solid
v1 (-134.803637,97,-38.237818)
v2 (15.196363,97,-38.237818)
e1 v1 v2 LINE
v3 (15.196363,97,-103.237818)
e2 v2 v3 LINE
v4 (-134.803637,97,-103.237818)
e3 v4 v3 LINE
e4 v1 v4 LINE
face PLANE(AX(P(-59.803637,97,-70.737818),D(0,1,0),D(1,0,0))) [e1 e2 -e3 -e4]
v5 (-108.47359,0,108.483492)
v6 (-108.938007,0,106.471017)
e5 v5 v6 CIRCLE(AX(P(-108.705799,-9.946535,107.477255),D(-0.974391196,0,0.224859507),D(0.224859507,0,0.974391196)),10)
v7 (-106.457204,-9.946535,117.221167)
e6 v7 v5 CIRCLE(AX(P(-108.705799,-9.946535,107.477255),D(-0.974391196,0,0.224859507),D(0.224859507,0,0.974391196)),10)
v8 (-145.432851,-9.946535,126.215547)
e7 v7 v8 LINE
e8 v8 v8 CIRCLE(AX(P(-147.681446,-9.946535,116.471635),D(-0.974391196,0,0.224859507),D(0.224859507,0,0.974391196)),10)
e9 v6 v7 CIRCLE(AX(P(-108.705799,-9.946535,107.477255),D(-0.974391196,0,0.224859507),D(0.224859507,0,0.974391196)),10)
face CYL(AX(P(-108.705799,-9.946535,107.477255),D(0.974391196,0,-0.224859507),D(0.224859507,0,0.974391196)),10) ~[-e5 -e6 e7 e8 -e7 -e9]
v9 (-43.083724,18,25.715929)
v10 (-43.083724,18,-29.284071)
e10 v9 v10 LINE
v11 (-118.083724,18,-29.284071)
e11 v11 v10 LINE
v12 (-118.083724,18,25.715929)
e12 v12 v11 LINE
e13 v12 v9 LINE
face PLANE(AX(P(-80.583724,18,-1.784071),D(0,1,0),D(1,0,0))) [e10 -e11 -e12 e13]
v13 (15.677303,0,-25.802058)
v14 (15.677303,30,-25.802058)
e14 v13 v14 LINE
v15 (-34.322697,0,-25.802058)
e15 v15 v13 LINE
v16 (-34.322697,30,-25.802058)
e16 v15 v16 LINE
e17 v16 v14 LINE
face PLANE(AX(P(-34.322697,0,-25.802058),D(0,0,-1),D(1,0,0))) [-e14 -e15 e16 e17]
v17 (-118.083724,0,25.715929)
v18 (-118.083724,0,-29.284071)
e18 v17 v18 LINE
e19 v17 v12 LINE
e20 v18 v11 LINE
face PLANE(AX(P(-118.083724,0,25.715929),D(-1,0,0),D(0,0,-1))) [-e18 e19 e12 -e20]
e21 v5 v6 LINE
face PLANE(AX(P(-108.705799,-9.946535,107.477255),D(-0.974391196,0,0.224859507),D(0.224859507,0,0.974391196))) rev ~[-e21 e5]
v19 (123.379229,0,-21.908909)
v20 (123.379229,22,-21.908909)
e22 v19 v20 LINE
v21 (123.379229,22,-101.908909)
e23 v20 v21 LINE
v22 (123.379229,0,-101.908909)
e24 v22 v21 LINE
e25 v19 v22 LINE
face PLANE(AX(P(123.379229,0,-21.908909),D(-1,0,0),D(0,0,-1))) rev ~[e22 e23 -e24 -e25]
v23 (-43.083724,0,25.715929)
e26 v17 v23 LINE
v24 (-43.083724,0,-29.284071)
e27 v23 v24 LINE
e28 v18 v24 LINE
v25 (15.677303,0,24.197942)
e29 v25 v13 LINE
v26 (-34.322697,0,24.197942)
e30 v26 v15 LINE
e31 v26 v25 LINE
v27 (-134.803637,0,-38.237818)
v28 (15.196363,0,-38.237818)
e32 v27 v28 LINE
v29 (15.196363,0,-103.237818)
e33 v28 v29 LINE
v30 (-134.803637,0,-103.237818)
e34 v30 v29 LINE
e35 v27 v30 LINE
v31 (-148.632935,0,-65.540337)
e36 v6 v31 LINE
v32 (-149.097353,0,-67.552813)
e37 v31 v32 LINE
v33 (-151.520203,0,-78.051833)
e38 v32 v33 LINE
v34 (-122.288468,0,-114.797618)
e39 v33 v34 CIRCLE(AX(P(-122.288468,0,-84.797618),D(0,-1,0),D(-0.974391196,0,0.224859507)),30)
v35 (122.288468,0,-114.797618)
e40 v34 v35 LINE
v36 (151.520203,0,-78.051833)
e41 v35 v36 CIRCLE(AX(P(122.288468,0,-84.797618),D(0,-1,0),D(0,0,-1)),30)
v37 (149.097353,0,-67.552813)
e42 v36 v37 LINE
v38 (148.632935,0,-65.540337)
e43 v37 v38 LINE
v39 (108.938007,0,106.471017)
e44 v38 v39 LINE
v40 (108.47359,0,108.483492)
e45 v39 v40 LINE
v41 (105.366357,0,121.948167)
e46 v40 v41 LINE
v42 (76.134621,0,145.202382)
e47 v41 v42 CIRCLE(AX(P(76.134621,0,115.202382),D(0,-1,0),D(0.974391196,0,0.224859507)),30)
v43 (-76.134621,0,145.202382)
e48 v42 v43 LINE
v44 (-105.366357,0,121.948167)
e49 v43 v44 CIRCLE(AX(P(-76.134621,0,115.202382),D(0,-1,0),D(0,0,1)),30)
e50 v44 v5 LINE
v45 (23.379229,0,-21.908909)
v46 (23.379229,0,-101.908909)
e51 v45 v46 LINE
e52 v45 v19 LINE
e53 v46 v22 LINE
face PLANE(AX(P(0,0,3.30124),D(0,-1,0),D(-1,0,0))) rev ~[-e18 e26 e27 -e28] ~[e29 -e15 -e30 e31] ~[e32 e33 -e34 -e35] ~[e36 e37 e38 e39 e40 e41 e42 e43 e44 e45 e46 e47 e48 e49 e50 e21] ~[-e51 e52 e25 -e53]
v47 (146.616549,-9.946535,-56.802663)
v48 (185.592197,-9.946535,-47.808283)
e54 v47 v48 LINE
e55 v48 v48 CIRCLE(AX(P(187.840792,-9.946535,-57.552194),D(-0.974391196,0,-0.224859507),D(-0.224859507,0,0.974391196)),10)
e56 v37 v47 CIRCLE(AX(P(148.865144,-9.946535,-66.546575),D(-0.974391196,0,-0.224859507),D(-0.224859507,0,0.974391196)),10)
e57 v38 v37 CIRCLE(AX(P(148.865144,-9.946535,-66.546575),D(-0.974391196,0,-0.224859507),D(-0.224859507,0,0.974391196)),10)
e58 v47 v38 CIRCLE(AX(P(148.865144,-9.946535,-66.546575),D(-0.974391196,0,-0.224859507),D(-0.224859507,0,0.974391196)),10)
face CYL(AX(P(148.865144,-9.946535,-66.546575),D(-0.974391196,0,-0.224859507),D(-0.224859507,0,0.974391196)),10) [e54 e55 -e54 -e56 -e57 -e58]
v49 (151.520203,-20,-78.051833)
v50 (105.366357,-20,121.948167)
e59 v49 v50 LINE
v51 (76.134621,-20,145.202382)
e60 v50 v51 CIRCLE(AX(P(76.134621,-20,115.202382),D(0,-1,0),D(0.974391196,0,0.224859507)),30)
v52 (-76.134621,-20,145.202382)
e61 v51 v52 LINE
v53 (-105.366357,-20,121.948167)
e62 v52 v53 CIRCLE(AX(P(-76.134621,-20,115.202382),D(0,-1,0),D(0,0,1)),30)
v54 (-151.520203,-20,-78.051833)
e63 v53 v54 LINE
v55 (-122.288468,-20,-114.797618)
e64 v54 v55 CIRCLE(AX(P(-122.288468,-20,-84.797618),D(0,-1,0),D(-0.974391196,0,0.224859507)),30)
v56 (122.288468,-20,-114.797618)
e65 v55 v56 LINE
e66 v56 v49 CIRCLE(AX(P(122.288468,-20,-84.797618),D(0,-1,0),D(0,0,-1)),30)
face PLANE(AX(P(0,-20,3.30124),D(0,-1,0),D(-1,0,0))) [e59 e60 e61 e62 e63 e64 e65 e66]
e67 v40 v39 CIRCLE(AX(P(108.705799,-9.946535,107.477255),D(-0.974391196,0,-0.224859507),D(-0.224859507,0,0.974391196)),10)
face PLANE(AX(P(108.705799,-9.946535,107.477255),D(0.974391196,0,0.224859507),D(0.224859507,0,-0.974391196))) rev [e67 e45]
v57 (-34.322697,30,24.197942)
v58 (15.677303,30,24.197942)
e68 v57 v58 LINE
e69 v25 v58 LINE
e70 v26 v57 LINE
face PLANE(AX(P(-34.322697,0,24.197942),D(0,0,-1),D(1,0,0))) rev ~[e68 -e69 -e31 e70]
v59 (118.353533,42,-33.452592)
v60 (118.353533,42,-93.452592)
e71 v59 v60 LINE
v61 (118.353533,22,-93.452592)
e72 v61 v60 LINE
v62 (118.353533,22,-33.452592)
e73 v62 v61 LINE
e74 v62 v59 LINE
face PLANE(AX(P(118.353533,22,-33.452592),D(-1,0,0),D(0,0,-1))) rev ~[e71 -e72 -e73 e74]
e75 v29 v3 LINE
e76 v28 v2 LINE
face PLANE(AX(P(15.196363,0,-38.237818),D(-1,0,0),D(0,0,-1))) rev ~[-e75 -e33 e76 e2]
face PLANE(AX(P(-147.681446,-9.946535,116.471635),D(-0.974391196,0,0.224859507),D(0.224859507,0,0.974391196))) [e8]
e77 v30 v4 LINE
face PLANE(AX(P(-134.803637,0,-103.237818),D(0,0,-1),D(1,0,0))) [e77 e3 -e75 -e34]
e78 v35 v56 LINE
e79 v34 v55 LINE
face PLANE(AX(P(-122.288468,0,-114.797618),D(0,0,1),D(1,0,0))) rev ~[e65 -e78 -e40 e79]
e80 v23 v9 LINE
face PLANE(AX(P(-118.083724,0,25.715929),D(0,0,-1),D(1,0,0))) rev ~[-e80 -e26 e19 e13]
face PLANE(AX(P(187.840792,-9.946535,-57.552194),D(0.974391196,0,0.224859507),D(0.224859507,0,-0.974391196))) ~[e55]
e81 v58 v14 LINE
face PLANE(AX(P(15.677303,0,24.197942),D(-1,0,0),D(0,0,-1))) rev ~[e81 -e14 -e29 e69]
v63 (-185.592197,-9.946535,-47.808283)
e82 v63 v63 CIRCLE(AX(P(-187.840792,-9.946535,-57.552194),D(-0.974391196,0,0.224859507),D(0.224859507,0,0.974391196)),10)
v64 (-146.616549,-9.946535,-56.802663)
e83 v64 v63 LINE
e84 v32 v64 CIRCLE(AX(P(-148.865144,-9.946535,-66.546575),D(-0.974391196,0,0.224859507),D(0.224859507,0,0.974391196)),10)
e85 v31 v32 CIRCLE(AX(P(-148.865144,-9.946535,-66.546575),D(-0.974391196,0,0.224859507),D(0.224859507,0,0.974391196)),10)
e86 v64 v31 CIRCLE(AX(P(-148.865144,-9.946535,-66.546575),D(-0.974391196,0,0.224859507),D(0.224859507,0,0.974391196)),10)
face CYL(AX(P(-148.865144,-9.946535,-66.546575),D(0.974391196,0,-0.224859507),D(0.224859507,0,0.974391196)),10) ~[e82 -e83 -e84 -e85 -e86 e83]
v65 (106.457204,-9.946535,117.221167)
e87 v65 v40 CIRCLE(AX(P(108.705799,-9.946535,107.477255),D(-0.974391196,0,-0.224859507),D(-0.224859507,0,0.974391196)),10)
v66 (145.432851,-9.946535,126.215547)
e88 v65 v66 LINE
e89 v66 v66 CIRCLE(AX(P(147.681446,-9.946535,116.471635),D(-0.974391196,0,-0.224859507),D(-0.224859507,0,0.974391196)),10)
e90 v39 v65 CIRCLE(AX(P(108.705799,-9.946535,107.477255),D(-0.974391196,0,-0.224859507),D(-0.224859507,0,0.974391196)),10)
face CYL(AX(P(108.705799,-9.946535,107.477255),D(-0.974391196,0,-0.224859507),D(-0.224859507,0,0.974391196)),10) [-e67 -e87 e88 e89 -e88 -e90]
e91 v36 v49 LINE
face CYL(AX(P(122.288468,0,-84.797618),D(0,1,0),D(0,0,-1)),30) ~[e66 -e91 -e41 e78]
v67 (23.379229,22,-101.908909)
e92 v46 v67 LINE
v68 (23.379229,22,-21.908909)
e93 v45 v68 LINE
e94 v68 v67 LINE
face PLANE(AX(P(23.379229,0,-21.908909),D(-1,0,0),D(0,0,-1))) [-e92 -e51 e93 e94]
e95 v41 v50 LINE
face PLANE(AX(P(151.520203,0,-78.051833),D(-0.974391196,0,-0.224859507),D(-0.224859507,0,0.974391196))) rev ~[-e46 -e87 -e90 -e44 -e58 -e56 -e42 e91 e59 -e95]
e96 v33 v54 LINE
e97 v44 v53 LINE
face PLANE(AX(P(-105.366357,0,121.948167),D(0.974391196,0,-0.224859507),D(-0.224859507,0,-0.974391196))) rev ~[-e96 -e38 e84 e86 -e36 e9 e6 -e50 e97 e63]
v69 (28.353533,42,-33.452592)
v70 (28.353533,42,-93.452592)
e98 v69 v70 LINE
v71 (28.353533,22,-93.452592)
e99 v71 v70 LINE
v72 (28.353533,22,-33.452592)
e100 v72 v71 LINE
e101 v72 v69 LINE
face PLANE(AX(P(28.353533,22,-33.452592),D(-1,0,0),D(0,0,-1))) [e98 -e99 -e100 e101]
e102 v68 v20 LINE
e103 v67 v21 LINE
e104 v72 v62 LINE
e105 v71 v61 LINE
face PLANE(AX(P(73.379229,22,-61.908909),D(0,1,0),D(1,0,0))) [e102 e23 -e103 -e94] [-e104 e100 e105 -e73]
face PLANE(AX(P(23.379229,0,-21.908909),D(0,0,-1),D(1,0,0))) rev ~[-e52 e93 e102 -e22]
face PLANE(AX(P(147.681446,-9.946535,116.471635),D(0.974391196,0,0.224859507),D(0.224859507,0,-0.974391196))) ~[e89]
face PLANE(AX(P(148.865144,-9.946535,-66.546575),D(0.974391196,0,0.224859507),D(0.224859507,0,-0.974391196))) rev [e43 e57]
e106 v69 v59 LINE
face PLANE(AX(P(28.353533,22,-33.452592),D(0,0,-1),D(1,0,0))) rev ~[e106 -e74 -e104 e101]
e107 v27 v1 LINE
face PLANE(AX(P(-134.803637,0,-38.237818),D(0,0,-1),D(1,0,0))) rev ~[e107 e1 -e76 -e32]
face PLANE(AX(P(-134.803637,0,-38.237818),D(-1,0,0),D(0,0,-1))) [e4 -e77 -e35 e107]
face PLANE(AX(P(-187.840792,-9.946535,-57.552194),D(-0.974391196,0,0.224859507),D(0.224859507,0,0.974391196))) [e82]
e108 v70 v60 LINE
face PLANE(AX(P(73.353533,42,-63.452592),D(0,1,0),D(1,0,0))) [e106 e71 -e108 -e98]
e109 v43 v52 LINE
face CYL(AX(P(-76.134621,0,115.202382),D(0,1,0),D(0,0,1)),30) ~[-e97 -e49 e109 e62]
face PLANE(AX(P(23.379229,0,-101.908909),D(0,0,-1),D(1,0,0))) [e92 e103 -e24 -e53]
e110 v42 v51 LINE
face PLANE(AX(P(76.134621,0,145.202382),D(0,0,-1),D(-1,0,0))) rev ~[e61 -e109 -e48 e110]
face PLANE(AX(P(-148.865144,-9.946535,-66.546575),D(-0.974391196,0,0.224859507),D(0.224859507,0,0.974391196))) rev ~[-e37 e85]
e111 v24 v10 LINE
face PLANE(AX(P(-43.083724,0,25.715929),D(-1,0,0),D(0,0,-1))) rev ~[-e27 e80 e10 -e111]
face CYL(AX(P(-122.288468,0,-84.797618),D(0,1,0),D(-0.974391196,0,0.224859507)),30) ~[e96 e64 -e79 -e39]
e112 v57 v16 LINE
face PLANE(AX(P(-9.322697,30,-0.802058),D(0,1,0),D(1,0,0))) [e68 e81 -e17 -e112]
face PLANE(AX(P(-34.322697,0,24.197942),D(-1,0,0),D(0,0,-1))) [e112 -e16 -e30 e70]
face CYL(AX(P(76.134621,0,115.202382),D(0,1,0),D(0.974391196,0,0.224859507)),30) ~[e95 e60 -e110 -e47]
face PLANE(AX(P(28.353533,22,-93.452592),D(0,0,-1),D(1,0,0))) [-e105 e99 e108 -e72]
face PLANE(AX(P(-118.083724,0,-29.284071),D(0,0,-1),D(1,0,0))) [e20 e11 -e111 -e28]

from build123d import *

# Parameters (mm, degrees)
BOSS_EXTRUDE1_DEPTH = 20
SKETCH2_W           = 150
SKETCH2_H           = 65
BOSS_EXTRUDE2_DEPTH = 97
SKETCH4_W           = 100
SKETCH4_H           = 80
BOSS_EXTRUDE3_DEPTH = 22
SKETCH5_W           = 90
SKETCH5_H           = 60
BOSS_EXTRUDE4_DEPTH = 20
SKETCH7_W           = 75
SKETCH7_H           = 55
BOSS_EXTRUDE5_DEPTH = 18
SKETCH9_W           = 50
SKETCH9_H           = 50
BOSS_EXTRUDE6_DEPTH = 30
SKETCH10_R          = 10
BOSS_EXTRUDE7_DEPTH = 40


with BuildPart() as part:
    # Sketch1 → Boss-Extrude1 (new body)
    with BuildSketch(Plane(origin=(0, 0, 0), x_dir=(1, 0, 0), z_dir=(0, 1, 0))):
        with BuildLine():
            Line((-122.288467544, 114.797617793), (122.288467544, 114.797617793))
            ThreePointArc((122.288467544, 114.797617793), (145.765834901, 103.474159817), (151.520203415, 78.051832592))
            Line((151.520203415, 78.051832592), (105.366357261, -121.948167408))
            ThreePointArc((105.366357261, -121.948167408), (94.811163415, -138.679749564), (76.13462139, -145.202382207))
            Line((76.13462139, -145.202382207), (-76.13462139, -145.202382207))
            ThreePointArc((-76.13462139, -145.202382207), (-94.811163415, -138.679749564), (-105.366357261, -121.948167408))
            Line((-105.366357261, -121.948167408), (-151.520203415, 78.051832592))
            ThreePointArc((-151.520203415, 78.051832592), (-145.765834901, 103.474159817), (-122.288467544, 114.797617793))
        make_face()
    extrude(amount=-BOSS_EXTRUDE1_DEPTH)

    # Sketch2 → Boss-Extrude2 (add)
    with BuildSketch(Plane(origin=(0, 0, 0), x_dir=(1, 0, 0), z_dir=(0, 1, 0))):
        with Locations((-59.803637432, 70.737817799)):
            Rectangle(SKETCH2_W, SKETCH2_H)
    extrude(amount=BOSS_EXTRUDE2_DEPTH)

    # Sketch4 → Boss-Extrude3 (add)
    with BuildSketch(Plane(origin=(0, 0, 0), x_dir=(1, 0, 0), z_dir=(0, 1, 0))):
        with Locations((73.379228632, 61.908908542)):
            Rectangle(SKETCH4_W, SKETCH4_H)
    extrude(amount=BOSS_EXTRUDE3_DEPTH)

    # Sketch5 → Boss-Extrude4 (add)
    with BuildSketch(Plane(origin=(0, 22, 0), x_dir=(1, 0, 0), z_dir=(0, 1, 0))):
        with Locations((73.353532596, 63.452591803)):
            Rectangle(SKETCH5_W, SKETCH5_H)
    extrude(amount=BOSS_EXTRUDE4_DEPTH)

    # Sketch7 → Boss-Extrude5 (add)
    with BuildSketch(Plane(origin=(0, 0, 0), x_dir=(1, 0, 0), z_dir=(0, 1, 0))):
        with Locations((-80.583724221, 1.784070664)):
            Rectangle(SKETCH7_W, SKETCH7_H)
    extrude(amount=BOSS_EXTRUDE5_DEPTH)

    # Sketch9 → Boss-Extrude6 (add)
    with BuildSketch(Plane(origin=(0, 0, 0), x_dir=(1, 0, 0), z_dir=(0, 1, 0))):
        with Locations((-9.322697354, 0.802057889)):
            Rectangle(SKETCH9_W, SKETCH9_H)
    extrude(amount=BOSS_EXTRUDE6_DEPTH)

    # Sketch10 → Boss-Extrude7 (add)
    with BuildSketch(Plane(origin=(-126.757825315, 0, 29.251805842), x_dir=(0.22485950669875854, 0, 0.97439119569462), z_dir=(-0.97439119569462, 0, 0.22485950669875854))):
        with Locations((80.281358312, -9.946535293)):
            Circle(SKETCH10_R)
        with Locations((-98.316139362, -9.946535293)):
            Circle(SKETCH10_R)
    boss_extrude7 = extrude(amount=BOSS_EXTRUDE7_DEPTH)

    # Mirror6: Boss-Extrude7 across plane
    add(boss_extrude7.mirror(Plane(origin=(0, 0, 0), x_dir=(0, 0, 1), z_dir=(1, 0, 0))))


solid = part.part
